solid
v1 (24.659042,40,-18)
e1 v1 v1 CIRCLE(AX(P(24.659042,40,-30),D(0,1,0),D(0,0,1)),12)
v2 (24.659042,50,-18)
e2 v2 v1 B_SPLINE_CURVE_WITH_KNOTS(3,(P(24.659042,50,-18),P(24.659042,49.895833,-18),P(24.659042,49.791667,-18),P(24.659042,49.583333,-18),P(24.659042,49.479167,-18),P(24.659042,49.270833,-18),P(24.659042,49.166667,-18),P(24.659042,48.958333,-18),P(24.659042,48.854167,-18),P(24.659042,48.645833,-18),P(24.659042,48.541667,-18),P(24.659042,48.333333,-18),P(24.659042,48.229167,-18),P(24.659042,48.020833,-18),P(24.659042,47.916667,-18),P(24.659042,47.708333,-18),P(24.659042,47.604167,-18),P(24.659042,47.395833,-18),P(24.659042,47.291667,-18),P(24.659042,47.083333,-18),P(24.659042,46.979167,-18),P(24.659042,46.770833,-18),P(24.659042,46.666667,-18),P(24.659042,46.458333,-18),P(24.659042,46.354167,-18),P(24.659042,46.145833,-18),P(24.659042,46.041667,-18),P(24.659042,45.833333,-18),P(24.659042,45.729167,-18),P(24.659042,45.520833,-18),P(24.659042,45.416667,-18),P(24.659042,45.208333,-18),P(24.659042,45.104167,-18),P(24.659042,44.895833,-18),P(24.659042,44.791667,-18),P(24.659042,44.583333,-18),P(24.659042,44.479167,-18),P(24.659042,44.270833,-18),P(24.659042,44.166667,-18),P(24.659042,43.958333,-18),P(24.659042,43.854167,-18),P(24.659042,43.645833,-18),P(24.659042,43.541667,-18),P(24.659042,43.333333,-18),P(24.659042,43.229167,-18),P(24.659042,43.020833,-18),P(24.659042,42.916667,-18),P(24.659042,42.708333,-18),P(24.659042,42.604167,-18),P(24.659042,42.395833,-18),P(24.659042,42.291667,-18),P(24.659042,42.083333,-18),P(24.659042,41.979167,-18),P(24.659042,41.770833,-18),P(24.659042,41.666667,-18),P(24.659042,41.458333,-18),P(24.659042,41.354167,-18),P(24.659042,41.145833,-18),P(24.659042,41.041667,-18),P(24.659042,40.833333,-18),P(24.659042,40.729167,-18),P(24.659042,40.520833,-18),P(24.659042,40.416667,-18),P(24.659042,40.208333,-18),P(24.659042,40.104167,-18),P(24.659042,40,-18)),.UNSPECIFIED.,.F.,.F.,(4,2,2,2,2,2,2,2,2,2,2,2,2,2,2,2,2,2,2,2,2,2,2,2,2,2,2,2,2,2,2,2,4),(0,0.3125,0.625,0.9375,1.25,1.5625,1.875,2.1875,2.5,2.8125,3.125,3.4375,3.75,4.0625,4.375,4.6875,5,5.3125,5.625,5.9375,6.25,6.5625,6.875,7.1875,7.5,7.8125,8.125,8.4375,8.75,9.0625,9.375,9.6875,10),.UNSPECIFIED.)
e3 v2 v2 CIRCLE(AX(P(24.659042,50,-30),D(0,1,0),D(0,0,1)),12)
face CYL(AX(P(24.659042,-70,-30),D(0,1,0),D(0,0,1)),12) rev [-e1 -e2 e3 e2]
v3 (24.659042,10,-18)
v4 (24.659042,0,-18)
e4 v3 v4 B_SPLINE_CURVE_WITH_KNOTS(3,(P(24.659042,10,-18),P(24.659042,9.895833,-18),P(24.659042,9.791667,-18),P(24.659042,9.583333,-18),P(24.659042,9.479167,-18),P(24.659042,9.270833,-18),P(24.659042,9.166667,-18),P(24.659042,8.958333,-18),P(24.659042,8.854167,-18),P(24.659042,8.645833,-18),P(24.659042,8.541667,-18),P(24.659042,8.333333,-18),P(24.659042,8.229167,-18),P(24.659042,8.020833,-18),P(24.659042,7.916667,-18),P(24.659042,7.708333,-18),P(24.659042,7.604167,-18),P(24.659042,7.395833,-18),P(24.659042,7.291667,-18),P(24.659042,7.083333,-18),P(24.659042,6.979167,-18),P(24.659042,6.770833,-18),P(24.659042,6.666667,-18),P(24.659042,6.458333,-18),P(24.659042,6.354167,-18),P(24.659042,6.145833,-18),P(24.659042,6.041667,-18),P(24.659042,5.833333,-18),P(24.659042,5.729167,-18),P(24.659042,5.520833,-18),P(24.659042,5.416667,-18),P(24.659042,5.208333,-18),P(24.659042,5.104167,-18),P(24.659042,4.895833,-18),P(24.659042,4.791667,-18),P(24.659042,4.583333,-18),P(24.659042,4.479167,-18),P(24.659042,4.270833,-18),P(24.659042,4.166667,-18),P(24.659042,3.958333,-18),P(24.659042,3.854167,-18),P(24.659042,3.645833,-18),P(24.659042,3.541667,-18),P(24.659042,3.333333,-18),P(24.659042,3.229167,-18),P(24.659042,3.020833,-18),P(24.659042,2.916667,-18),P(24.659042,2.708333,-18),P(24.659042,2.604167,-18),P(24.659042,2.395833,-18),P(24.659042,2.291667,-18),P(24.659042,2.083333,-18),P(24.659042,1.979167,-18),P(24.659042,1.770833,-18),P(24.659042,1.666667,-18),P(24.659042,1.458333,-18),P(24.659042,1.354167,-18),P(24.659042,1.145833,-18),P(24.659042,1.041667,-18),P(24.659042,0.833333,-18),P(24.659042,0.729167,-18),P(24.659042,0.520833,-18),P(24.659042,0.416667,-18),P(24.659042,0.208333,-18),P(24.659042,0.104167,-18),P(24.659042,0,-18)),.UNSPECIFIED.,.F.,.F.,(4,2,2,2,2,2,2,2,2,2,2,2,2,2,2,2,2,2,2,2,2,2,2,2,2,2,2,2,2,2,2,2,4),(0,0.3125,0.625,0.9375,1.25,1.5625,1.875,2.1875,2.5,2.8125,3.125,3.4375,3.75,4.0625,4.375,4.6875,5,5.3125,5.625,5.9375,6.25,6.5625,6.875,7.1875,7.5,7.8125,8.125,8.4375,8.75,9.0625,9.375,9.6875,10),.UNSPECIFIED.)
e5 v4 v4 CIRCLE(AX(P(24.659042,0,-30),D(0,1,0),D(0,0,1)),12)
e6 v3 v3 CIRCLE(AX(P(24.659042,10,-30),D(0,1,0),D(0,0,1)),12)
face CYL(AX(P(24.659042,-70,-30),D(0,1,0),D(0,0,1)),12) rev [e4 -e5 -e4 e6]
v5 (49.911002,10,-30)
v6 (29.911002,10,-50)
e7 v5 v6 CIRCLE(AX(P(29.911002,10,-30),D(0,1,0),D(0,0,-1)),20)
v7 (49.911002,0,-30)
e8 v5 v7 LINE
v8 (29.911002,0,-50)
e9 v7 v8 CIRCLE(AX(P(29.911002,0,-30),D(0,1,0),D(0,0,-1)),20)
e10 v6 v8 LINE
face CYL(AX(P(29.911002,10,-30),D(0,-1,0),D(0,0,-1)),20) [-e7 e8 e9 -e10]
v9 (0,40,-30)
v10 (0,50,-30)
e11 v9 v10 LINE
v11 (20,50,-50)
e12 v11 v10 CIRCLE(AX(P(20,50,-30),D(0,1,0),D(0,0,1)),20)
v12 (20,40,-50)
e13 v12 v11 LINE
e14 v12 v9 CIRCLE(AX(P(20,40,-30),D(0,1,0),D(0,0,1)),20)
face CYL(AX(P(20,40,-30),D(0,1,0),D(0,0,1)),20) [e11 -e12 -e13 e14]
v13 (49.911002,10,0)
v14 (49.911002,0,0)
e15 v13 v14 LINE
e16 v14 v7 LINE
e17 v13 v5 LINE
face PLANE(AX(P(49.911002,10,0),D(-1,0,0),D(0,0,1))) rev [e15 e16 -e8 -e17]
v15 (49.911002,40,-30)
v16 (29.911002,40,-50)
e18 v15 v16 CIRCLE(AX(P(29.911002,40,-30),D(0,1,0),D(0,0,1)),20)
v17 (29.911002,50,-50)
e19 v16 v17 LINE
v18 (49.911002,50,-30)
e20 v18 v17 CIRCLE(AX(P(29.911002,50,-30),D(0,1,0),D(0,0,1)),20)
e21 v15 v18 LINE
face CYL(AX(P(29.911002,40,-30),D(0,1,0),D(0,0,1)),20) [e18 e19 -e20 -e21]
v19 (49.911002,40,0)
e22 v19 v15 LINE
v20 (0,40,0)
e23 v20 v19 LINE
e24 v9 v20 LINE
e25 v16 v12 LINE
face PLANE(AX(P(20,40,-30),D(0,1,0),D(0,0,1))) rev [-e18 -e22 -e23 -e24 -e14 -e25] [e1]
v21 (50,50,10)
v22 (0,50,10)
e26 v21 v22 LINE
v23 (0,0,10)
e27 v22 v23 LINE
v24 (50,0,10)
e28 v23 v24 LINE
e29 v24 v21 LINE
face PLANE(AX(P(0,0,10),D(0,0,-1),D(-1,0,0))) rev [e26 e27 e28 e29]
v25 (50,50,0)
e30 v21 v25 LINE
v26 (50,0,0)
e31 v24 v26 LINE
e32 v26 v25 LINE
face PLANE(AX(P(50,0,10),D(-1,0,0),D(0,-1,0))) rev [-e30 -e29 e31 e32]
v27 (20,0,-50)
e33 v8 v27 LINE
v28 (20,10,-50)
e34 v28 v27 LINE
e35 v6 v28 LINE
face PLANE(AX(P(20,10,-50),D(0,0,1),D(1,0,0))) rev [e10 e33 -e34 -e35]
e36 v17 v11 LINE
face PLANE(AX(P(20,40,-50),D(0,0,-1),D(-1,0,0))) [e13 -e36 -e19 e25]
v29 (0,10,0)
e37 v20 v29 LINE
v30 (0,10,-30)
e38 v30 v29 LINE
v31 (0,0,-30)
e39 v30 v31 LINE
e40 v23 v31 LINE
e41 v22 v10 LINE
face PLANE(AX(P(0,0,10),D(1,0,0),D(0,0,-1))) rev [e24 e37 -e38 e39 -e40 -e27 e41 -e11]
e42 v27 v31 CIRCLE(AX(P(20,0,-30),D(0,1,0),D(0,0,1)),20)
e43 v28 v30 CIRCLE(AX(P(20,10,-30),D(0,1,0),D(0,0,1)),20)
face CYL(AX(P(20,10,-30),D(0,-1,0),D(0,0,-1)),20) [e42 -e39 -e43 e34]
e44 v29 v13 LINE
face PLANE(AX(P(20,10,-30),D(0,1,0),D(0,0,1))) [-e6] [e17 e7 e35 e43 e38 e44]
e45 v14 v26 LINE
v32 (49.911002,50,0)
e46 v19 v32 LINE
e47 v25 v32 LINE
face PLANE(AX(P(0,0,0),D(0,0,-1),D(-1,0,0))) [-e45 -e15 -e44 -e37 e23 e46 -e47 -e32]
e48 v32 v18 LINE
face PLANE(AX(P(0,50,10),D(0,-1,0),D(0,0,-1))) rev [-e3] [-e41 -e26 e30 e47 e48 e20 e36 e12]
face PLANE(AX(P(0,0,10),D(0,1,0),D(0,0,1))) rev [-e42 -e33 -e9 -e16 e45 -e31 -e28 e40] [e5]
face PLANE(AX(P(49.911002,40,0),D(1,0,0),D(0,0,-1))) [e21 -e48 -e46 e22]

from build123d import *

# Parameters (mm, degrees)
SKETCH1_W           = 50
SKETCH1_H           = 50
BOSS_EXTRUDE1_DEPTH = 10
BOSS_EXTRUDE2_DEPTH = 10
BOSS_EXTRUDE3_START = -10
BOSS_EXTRUDE3_DEPTH = 10
SKETCH4_R           = 12
CUT_EXTRUDE2_DEPTH  = 120


with BuildPart() as part:
    # Sketch1 → Boss-Extrude1 (new body)
    with BuildSketch(Plane.XY):
        with Locations((25, 25)):
            Rectangle(SKETCH1_W, SKETCH1_H)
    extrude(amount=BOSS_EXTRUDE1_DEPTH)

    # Sketch2 → Boss-Extrude2 (add)
    with BuildSketch(Plane(origin=(0, 0, 0), x_dir=(1, 0, 0), z_dir=(0, 1, 0))):
        with BuildLine():
            Line((0, 0), (49.911002168, 0))
            Line((49.911002168, 0), (49.911002168, 30))
            ThreePointArc((49.911002168, 30), (44.053137792, 44.142135624), (29.911002168, 50))
            Line((29.911002168, 50), (20, 50))
            ThreePointArc((20, 50), (5.857864376, 44.142135624), (0, 30))
            Line((0, 30), (0, 0))
        make_face()
    extrude(amount=BOSS_EXTRUDE2_DEPTH)

    # Sketch3 → Boss-Extrude3 (add)
    with BuildSketch(Plane(origin=(0, 50, 0), x_dir=(1, 0, 0), z_dir=(0, 1, 0)).offset(BOSS_EXTRUDE3_START)):
        with BuildLine():
            Line((0, 0), (49.911002168, 0))
            Line((49.911002168, 0), (49.911002168, 30))
            ThreePointArc((49.911002168, 30), (44.053137792, 44.142135624), (29.911002168, 50))
            Line((29.911002168, 50), (20, 50))
            ThreePointArc((20, 50), (5.857864376, 44.142135624), (0, 30))
            Line((0, 30), (0, 0))
        make_face()
    extrude(amount=BOSS_EXTRUDE3_DEPTH)

    # Sketch4 → Cut-Extrude2 (cut)
    with BuildSketch(Plane(origin=(0, 50, 0), x_dir=(1, 0, 0), z_dir=(0, 1, 0))):
        with Locations(Location((24.659042371, 30, 0), (0, 0, 270))):
            Circle(SKETCH4_R)
    extrude(amount=-CUT_EXTRUDE2_DEPTH, mode=Mode.SUBTRACT)


solid = part.part
